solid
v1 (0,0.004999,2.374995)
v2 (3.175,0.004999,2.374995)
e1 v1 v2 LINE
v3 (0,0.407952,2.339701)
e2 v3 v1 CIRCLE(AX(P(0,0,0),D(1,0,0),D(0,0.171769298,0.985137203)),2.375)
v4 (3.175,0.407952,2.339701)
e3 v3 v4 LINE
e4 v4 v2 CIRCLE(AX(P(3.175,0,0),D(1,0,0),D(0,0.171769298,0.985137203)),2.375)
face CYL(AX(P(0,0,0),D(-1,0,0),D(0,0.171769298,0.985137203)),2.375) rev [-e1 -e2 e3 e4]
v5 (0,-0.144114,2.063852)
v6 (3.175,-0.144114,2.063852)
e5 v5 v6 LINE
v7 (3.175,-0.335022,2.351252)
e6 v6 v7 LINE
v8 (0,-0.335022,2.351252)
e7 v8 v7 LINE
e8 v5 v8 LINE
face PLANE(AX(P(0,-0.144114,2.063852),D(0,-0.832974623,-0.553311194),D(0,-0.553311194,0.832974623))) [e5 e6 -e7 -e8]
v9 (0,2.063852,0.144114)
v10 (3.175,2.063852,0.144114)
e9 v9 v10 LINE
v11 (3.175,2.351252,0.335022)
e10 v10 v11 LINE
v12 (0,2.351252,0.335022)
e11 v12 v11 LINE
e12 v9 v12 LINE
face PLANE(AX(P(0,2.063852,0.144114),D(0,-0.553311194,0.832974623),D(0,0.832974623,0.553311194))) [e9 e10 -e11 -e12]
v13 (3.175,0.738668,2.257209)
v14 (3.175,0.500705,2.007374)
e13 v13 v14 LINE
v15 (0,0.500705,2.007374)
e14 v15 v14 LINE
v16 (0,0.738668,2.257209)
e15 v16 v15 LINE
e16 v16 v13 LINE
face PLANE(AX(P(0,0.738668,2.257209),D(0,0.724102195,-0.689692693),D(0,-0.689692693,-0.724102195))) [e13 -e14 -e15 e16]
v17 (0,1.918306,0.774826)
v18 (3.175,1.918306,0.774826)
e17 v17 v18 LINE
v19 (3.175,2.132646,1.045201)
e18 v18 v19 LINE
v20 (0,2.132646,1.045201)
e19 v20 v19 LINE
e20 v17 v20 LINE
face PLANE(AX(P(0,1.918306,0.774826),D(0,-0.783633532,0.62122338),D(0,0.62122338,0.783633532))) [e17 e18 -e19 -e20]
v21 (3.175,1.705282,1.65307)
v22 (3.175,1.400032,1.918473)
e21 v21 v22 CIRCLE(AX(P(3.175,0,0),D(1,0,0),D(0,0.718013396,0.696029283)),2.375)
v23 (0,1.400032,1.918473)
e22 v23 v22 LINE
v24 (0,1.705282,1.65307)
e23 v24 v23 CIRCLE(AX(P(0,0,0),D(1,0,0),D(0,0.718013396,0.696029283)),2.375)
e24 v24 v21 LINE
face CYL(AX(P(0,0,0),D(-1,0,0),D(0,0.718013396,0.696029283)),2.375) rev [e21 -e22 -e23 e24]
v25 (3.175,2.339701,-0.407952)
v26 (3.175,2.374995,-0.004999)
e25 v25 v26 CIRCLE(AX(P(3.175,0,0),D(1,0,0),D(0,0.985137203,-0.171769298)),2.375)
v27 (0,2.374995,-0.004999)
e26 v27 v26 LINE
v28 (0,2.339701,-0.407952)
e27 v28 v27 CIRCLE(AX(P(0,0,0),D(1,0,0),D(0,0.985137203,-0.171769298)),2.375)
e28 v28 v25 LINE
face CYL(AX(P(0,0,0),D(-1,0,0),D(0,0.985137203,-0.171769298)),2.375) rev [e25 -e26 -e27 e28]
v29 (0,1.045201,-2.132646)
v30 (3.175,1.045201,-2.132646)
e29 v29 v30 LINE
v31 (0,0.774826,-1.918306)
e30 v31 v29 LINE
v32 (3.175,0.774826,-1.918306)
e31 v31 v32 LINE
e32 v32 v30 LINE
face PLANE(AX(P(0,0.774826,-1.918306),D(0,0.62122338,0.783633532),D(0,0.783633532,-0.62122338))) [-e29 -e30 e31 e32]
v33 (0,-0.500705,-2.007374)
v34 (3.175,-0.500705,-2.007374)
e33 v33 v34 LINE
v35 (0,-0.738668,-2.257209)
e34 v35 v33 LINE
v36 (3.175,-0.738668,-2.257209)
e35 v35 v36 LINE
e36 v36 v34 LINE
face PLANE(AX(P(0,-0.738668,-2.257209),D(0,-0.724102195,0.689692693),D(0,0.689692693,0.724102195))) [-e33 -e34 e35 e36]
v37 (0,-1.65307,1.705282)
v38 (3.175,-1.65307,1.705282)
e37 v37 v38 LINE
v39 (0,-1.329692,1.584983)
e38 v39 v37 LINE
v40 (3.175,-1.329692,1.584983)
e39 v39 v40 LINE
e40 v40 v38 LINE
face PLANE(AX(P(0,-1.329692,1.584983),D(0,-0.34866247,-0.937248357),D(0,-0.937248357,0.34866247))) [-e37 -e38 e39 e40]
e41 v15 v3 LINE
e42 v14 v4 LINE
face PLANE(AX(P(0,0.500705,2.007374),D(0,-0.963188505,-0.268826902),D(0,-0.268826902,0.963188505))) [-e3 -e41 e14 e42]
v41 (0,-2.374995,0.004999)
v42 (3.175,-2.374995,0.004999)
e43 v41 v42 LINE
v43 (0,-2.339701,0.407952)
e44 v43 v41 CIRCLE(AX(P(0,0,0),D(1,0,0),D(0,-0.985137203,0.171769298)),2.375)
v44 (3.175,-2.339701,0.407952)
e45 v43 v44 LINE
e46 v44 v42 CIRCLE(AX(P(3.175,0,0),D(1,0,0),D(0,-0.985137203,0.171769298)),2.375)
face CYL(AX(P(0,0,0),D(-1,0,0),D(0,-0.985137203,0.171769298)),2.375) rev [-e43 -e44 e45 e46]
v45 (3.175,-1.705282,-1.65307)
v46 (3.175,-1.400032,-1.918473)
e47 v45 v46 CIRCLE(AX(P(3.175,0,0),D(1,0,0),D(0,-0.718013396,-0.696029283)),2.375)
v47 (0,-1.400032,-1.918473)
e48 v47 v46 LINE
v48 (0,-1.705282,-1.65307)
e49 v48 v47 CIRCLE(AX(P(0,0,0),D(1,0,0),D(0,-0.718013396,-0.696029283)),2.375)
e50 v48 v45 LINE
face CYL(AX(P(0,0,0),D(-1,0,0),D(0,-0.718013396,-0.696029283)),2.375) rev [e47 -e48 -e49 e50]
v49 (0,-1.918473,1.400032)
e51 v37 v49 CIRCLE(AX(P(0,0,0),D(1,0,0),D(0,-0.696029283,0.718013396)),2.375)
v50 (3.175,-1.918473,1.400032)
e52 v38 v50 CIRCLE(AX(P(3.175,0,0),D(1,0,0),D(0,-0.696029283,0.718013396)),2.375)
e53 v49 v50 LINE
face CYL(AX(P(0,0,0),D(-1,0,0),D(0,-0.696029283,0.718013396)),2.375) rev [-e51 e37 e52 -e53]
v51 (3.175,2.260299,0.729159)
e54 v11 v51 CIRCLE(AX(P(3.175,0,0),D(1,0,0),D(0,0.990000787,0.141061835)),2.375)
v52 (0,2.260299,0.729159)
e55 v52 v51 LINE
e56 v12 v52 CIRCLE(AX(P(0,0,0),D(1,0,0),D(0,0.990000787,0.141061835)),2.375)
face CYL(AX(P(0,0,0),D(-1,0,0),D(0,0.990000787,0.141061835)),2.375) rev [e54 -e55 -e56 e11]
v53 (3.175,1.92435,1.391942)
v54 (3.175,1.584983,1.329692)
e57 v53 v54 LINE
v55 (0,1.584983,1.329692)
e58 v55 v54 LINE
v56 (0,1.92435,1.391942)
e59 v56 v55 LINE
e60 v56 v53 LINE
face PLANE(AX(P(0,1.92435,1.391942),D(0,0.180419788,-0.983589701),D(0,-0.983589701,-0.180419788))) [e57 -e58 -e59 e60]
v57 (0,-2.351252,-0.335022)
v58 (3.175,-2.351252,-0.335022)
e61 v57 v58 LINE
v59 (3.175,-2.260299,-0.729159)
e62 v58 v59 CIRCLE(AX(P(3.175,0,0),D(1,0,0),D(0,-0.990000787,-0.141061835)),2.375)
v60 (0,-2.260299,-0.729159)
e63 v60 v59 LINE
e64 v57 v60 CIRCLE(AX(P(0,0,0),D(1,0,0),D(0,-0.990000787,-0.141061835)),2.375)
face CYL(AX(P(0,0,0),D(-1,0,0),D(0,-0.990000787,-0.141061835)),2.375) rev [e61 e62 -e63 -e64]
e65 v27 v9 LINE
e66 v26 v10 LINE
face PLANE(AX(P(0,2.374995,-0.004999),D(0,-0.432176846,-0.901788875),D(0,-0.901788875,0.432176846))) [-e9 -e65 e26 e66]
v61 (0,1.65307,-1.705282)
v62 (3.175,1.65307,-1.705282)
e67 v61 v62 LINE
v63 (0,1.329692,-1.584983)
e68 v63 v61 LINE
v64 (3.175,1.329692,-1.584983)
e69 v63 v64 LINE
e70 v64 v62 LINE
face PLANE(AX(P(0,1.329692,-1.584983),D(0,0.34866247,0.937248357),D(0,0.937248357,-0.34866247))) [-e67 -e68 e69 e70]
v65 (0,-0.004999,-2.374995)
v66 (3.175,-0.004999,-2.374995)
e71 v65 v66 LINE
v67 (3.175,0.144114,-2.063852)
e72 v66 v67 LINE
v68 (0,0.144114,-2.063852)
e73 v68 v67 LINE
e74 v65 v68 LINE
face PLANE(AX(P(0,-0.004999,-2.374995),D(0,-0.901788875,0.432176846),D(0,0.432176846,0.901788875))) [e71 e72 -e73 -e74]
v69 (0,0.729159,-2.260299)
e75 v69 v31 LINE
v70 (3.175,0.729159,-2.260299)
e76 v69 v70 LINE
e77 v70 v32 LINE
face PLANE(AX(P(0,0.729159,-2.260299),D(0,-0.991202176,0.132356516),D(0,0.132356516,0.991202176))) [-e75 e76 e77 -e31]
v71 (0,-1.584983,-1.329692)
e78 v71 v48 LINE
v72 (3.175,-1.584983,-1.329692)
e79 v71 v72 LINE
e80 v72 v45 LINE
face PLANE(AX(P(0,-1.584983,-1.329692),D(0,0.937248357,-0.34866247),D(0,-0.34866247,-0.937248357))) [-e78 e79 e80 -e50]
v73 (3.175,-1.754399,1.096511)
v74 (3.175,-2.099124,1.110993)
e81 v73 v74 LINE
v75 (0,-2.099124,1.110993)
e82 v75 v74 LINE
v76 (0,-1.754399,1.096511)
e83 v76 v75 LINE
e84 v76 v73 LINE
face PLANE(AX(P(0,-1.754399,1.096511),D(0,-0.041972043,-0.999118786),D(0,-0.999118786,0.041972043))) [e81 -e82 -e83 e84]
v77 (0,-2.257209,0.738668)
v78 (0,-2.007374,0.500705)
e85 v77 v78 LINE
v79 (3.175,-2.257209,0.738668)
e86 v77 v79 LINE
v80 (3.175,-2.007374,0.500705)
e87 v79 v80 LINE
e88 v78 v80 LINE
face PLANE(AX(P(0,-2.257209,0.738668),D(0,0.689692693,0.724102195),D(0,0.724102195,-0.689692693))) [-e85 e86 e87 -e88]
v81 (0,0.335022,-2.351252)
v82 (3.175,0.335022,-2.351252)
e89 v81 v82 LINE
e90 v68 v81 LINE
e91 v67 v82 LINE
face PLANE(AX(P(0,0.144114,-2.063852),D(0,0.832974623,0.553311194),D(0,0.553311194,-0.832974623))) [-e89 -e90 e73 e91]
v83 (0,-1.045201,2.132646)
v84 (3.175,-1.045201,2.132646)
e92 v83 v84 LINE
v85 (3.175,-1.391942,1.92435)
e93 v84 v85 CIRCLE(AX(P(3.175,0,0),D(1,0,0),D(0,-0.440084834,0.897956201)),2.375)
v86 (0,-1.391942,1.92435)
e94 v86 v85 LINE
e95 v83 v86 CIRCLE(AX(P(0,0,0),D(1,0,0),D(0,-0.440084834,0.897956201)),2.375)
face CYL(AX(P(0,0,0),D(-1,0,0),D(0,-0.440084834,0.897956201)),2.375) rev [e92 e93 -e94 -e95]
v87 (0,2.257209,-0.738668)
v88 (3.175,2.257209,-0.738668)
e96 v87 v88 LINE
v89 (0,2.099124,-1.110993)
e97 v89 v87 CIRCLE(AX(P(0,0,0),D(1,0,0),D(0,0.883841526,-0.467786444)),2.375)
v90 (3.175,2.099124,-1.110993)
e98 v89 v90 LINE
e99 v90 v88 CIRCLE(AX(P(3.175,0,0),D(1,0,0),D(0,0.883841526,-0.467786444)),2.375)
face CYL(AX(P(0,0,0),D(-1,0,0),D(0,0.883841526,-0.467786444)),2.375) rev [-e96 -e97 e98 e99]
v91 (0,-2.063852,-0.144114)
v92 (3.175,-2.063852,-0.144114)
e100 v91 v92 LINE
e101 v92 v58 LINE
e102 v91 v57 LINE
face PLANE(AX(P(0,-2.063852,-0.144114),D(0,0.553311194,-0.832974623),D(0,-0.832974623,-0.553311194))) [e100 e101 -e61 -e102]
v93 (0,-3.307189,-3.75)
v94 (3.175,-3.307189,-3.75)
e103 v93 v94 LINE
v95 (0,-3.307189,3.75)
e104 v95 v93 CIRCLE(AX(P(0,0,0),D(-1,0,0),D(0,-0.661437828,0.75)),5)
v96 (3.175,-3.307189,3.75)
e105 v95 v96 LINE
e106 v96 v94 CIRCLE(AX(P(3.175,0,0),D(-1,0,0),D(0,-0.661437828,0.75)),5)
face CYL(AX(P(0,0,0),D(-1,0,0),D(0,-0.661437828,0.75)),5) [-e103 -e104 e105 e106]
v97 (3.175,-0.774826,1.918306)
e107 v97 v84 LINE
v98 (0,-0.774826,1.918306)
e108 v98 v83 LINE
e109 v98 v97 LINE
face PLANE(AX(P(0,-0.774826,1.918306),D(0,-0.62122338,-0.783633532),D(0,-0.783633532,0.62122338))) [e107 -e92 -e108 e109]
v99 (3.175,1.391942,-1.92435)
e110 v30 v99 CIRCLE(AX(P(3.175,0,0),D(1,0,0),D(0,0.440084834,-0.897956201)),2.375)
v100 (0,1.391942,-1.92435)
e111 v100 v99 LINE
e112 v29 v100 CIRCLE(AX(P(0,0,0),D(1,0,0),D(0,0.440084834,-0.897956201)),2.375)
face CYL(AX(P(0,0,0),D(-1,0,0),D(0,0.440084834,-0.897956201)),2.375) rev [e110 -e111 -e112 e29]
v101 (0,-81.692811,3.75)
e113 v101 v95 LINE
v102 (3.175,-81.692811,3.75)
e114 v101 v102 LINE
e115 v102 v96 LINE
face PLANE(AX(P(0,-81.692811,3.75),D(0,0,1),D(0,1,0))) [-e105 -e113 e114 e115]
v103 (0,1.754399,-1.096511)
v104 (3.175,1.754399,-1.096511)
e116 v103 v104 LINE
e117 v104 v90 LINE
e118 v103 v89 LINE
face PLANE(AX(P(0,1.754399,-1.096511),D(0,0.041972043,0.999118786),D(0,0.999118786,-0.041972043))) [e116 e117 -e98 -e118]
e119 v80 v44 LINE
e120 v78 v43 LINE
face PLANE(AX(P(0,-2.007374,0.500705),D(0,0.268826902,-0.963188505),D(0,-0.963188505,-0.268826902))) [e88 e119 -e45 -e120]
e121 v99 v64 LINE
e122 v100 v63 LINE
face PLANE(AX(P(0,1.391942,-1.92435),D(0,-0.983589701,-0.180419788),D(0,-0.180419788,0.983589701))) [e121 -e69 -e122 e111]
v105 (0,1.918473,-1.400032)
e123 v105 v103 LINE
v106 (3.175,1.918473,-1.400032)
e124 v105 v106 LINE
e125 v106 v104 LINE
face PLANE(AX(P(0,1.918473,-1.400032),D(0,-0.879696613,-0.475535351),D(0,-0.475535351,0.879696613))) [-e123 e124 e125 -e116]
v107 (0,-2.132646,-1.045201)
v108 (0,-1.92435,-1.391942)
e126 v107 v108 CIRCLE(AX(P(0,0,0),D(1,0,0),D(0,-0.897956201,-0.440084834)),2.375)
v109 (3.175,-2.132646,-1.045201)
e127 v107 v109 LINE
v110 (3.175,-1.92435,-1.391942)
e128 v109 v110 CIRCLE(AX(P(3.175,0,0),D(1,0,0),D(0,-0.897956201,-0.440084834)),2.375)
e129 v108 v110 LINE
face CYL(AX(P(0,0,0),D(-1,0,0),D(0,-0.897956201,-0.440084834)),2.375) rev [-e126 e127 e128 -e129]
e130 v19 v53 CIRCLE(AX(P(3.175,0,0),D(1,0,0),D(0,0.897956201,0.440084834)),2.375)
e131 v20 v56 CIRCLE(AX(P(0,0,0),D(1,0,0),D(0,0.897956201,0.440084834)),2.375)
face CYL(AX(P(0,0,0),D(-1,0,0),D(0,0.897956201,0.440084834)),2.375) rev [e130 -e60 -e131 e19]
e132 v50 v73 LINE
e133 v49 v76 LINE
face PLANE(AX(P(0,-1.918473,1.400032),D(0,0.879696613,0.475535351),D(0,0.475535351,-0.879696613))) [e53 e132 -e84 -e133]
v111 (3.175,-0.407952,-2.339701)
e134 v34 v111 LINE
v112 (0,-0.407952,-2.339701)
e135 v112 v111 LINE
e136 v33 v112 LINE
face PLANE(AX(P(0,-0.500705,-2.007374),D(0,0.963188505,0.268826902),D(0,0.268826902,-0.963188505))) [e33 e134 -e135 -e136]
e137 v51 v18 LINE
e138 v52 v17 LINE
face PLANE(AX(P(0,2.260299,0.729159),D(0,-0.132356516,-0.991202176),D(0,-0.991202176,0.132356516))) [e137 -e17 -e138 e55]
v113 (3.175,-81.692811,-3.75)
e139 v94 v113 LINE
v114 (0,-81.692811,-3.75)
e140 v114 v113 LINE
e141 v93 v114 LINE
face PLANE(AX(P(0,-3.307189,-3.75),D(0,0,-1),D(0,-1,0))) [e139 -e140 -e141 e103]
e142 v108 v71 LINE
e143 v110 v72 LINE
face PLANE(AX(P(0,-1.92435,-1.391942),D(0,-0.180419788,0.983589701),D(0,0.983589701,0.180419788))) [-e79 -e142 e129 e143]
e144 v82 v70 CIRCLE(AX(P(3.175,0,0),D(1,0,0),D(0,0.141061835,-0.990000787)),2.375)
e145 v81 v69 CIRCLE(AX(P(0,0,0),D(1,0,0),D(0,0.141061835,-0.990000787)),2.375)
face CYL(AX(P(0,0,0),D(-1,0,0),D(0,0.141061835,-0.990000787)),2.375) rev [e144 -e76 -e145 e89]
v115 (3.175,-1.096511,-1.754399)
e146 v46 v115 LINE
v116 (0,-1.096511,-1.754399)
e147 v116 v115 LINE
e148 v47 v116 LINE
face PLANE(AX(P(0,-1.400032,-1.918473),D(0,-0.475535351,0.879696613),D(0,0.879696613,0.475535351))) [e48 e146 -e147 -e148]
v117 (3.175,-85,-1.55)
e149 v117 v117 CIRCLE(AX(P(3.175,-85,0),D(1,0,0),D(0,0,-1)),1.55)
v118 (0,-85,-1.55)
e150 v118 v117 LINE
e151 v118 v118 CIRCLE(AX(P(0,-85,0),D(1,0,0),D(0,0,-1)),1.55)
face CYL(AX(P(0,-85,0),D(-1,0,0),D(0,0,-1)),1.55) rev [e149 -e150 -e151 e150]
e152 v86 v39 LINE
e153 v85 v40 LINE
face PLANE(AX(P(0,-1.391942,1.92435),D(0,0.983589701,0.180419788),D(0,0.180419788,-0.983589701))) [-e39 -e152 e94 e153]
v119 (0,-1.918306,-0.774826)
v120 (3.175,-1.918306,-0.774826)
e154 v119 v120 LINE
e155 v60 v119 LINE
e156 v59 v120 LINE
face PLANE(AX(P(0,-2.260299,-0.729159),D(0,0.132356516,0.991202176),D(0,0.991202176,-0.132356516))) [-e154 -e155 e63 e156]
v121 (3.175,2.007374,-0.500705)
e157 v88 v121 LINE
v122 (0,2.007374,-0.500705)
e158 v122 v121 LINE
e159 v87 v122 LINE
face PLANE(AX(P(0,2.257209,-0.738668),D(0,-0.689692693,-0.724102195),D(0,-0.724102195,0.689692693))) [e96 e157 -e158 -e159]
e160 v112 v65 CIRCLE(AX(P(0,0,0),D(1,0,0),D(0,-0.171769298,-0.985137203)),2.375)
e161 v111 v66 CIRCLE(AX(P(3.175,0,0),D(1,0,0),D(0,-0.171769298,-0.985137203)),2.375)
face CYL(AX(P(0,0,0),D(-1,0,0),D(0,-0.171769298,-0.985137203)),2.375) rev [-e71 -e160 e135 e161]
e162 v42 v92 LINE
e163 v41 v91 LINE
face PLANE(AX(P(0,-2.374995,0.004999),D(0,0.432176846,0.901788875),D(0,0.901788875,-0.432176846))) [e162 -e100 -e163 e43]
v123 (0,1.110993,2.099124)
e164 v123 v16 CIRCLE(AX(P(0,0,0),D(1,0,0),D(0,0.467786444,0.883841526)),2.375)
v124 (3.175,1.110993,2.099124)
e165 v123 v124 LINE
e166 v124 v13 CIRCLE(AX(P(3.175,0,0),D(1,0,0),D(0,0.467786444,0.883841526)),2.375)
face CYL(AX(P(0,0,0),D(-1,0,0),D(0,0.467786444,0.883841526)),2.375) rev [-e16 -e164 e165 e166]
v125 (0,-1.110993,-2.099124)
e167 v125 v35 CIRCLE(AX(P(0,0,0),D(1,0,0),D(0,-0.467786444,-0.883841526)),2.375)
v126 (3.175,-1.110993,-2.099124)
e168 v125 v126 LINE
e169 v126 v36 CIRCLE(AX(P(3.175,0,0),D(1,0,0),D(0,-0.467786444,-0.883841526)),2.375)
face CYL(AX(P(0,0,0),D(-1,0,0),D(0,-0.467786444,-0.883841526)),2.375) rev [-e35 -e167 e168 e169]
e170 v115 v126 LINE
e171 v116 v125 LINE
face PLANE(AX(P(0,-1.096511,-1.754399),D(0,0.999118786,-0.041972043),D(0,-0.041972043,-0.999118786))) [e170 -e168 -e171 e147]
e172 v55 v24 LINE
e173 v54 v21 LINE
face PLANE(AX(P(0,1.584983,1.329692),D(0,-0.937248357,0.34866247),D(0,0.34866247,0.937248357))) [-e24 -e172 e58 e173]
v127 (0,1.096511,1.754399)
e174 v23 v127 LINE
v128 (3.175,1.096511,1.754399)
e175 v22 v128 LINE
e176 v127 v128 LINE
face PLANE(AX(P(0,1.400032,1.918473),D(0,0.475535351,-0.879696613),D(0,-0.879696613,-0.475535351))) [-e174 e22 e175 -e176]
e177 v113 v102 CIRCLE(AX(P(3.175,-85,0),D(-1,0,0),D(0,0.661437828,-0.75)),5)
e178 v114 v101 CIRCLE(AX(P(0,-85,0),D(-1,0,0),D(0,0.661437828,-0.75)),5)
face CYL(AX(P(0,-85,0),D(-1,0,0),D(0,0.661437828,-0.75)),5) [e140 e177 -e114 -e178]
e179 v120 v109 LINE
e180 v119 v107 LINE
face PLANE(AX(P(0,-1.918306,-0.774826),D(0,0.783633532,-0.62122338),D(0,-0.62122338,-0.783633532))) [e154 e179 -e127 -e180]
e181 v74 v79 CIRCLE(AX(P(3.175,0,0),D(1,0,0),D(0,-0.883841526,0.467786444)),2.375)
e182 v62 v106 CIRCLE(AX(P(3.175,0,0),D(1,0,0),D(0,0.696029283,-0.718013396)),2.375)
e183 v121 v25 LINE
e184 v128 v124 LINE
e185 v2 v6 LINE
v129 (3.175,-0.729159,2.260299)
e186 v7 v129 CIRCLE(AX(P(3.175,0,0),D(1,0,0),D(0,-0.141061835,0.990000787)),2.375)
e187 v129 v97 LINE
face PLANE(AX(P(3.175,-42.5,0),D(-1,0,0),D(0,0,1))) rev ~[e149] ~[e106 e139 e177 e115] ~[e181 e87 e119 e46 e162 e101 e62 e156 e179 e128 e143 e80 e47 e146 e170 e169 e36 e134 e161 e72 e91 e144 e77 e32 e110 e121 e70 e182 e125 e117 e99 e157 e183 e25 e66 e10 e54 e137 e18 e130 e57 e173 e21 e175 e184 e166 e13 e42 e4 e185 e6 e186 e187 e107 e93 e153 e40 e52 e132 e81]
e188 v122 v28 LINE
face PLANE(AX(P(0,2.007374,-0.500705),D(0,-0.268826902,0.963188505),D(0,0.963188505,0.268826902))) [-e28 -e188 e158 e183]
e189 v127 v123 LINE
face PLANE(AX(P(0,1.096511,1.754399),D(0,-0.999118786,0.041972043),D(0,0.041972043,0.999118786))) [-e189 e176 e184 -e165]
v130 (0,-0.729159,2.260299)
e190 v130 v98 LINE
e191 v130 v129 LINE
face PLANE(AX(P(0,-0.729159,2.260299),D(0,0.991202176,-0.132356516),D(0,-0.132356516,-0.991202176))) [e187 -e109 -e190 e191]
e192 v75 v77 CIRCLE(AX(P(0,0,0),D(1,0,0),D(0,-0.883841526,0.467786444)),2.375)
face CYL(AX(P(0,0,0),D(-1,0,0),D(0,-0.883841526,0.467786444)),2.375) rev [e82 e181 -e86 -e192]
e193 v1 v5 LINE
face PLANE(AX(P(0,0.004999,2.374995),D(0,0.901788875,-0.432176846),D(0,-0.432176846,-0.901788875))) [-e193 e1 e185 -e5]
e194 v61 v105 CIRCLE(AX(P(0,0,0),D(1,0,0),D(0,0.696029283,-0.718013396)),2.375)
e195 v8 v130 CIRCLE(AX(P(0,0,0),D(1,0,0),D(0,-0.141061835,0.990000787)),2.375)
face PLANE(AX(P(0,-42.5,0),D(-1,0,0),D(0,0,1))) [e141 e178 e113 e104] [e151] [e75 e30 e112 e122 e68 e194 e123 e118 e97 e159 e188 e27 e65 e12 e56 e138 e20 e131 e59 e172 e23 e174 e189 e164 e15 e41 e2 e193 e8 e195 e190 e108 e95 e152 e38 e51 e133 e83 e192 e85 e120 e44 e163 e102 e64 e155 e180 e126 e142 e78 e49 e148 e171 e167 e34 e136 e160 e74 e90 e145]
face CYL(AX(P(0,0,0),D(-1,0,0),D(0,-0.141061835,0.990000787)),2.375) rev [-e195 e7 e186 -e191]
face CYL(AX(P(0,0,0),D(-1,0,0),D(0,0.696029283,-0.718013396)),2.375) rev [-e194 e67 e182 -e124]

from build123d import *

# Parameters (mm, degrees)
SKETCH1_R           = 1.55
BOSS_EXTRUDE3_DEPTH = 3.175


with BuildPart() as part:
    # Sketch1 → Boss-Extrude3 (new body)
    with BuildSketch(Plane(origin=(0, 0, 0), x_dir=(0, 0, -1), z_dir=(1, 0, 0))):
        with BuildLine():
            Line((3.75, -3.307189139), (3.75, -81.692810861))
            ThreePointArc((3.75, -81.692810861), (0, -90), (-3.75, -81.692810861))
            Line((-3.75, -81.692810861), (-3.75, -3.307189139))
            ThreePointArc((-3.75, -3.307189139), (0, 5), (3.75, -3.307189139))
        make_face()
        with Locations((0, -85)):
            Circle(SKETCH1_R, mode=Mode.SUBTRACT)
        with BuildLine():
            Line((-1.754399331, 1.096511265), (-2.099123622, 1.110992809))
            ThreePointArc((-2.099123622, 1.110992809), (-2.186107384, 0.928202298), (-2.257209306, 0.738668497))
            Line((-2.257209306, 0.738668497), (-2.007373532, 0.500704976))
            Line((-2.007373532, 0.500704976), (-2.339700857, 0.407952078))
            ThreePointArc((-2.339700857, 0.407952078), (-2.365941957, 0.207228511), (-2.374994738, 0.004999452))
            Line((-2.374994738, 0.004999452), (-2.063852025, -0.144113805))
            Line((-2.063852025, -0.144113805), (-2.351251872, -0.335021845))
            ThreePointArc((-2.351251872, -0.335021845), (-2.314181647, -0.534030246), (-2.260299137, -0.729158975))
            Line((-2.260299137, -0.729158975), (-1.918306302, -0.774825723))
            Line((-1.918306302, -0.774825723), (-2.13264597, -1.045201495))
            ThreePointArc((-2.13264597, -1.045201495), (-2.035893114, -1.223014403), (-1.924349708, -1.39194224))
            Line((-1.924349708, -1.39194224), (-1.584983392, -1.329692301))
            Line((-1.584983392, -1.329692301), (-1.705281823, -1.65306954))
            ThreePointArc((-1.705281823, -1.65306954), (-1.558317177, -1.792281388), (-1.400031522, -1.918472501))
            Line((-1.400031522, -1.918472501), (-1.096511265, -1.754399331))
            Line((-1.096511265, -1.754399331), (-1.110992809, -2.099123622))
            ThreePointArc((-1.110992809, -2.099123622), (-0.928202298, -2.186107384), (-0.738668497, -2.257209306))
            Line((-0.738668497, -2.257209306), (-0.500704976, -2.007373532))
            Line((-0.500704976, -2.007373532), (-0.407952078, -2.339700857))
            ThreePointArc((-0.407952078, -2.339700857), (-0.207228511, -2.365941957), (-0.004999452, -2.374994738))
            Line((-0.004999452, -2.374994738), (0.144113805, -2.063852025))
            Line((0.144113805, -2.063852025), (0.335021845, -2.351251872))
            ThreePointArc((0.335021845, -2.351251872), (0.534030246, -2.314181647), (0.729158975, -2.260299137))
            Line((0.729158975, -2.260299137), (0.774825723, -1.918306302))
            Line((0.774825723, -1.918306302), (1.045201495, -2.13264597))
            ThreePointArc((1.045201495, -2.13264597), (1.223014403, -2.035893114), (1.39194224, -1.924349708))
            Line((1.39194224, -1.924349708), (1.329692301, -1.584983392))
            Line((1.329692301, -1.584983392), (1.65306954, -1.705281823))
            ThreePointArc((1.65306954, -1.705281823), (1.792281388, -1.558317177), (1.918472501, -1.400031522))
            Line((1.918472501, -1.400031522), (1.754399331, -1.096511265))
            Line((1.754399331, -1.096511265), (2.099123622, -1.110992809))
            ThreePointArc((2.099123622, -1.110992809), (2.186107384, -0.928202298), (2.257209306, -0.738668497))
            Line((2.257209306, -0.738668497), (2.007373532, -0.500704976))
            Line((2.007373532, -0.500704976), (2.339700857, -0.407952078))
            ThreePointArc((2.339700857, -0.407952078), (2.365941957, -0.207228511), (2.374994738, -0.004999452))
            Line((2.374994738, -0.004999452), (2.063852025, 0.144113805))
            Line((2.063852025, 0.144113805), (2.351251872, 0.335021845))
            ThreePointArc((2.351251872, 0.335021845), (2.314181647, 0.534030246), (2.260299137, 0.729158975))
            Line((2.260299137, 0.729158975), (1.918306302, 0.774825723))
            Line((1.918306302, 0.774825723), (2.13264597, 1.045201495))
            ThreePointArc((2.13264597, 1.045201495), (2.035893114, 1.223014403), (1.924349708, 1.39194224))
            Line((1.924349708, 1.39194224), (1.584983392, 1.329692301))
            Line((1.584983392, 1.329692301), (1.705281823, 1.65306954))
            ThreePointArc((1.705281823, 1.65306954), (1.558317177, 1.792281388), (1.400031522, 1.918472501))
            Line((1.400031522, 1.918472501), (1.096511265, 1.754399331))
            Line((1.096511265, 1.754399331), (1.110992809, 2.099123622))
            ThreePointArc((1.110992809, 2.099123622), (0.928202298, 2.186107384), (0.738668497, 2.257209306))
            Line((0.738668497, 2.257209306), (0.500704976, 2.007373532))
            Line((0.500704976, 2.007373532), (0.407952078, 2.339700857))
            ThreePointArc((0.407952078, 2.339700857), (0.207228511, 2.365941957), (0.004999452, 2.374994738))
            Line((0.004999452, 2.374994738), (-0.144113805, 2.063852025))
            Line((-0.144113805, 2.063852025), (-0.335021845, 2.351251872))
            ThreePointArc((-0.335021845, 2.351251872), (-0.534030246, 2.314181647), (-0.729158975, 2.260299137))
            Line((-0.729158975, 2.260299137), (-0.774825723, 1.918306302))
            Line((-0.774825723, 1.918306302), (-1.045201495, 2.13264597))
            ThreePointArc((-1.045201495, 2.13264597), (-1.223014403, 2.035893114), (-1.39194224, 1.924349708))
            Line((-1.39194224, 1.924349708), (-1.329692301, 1.584983392))
            Line((-1.329692301, 1.584983392), (-1.65306954, 1.705281823))
            ThreePointArc((-1.65306954, 1.705281823), (-1.792281388, 1.558317177), (-1.918472501, 1.400031522))
            Line((-1.918472501, 1.400031522), (-1.754399331, 1.096511265))
        make_face(mode=Mode.SUBTRACT)
    extrude(amount=BOSS_EXTRUDE3_DEPTH)


solid = part.part
